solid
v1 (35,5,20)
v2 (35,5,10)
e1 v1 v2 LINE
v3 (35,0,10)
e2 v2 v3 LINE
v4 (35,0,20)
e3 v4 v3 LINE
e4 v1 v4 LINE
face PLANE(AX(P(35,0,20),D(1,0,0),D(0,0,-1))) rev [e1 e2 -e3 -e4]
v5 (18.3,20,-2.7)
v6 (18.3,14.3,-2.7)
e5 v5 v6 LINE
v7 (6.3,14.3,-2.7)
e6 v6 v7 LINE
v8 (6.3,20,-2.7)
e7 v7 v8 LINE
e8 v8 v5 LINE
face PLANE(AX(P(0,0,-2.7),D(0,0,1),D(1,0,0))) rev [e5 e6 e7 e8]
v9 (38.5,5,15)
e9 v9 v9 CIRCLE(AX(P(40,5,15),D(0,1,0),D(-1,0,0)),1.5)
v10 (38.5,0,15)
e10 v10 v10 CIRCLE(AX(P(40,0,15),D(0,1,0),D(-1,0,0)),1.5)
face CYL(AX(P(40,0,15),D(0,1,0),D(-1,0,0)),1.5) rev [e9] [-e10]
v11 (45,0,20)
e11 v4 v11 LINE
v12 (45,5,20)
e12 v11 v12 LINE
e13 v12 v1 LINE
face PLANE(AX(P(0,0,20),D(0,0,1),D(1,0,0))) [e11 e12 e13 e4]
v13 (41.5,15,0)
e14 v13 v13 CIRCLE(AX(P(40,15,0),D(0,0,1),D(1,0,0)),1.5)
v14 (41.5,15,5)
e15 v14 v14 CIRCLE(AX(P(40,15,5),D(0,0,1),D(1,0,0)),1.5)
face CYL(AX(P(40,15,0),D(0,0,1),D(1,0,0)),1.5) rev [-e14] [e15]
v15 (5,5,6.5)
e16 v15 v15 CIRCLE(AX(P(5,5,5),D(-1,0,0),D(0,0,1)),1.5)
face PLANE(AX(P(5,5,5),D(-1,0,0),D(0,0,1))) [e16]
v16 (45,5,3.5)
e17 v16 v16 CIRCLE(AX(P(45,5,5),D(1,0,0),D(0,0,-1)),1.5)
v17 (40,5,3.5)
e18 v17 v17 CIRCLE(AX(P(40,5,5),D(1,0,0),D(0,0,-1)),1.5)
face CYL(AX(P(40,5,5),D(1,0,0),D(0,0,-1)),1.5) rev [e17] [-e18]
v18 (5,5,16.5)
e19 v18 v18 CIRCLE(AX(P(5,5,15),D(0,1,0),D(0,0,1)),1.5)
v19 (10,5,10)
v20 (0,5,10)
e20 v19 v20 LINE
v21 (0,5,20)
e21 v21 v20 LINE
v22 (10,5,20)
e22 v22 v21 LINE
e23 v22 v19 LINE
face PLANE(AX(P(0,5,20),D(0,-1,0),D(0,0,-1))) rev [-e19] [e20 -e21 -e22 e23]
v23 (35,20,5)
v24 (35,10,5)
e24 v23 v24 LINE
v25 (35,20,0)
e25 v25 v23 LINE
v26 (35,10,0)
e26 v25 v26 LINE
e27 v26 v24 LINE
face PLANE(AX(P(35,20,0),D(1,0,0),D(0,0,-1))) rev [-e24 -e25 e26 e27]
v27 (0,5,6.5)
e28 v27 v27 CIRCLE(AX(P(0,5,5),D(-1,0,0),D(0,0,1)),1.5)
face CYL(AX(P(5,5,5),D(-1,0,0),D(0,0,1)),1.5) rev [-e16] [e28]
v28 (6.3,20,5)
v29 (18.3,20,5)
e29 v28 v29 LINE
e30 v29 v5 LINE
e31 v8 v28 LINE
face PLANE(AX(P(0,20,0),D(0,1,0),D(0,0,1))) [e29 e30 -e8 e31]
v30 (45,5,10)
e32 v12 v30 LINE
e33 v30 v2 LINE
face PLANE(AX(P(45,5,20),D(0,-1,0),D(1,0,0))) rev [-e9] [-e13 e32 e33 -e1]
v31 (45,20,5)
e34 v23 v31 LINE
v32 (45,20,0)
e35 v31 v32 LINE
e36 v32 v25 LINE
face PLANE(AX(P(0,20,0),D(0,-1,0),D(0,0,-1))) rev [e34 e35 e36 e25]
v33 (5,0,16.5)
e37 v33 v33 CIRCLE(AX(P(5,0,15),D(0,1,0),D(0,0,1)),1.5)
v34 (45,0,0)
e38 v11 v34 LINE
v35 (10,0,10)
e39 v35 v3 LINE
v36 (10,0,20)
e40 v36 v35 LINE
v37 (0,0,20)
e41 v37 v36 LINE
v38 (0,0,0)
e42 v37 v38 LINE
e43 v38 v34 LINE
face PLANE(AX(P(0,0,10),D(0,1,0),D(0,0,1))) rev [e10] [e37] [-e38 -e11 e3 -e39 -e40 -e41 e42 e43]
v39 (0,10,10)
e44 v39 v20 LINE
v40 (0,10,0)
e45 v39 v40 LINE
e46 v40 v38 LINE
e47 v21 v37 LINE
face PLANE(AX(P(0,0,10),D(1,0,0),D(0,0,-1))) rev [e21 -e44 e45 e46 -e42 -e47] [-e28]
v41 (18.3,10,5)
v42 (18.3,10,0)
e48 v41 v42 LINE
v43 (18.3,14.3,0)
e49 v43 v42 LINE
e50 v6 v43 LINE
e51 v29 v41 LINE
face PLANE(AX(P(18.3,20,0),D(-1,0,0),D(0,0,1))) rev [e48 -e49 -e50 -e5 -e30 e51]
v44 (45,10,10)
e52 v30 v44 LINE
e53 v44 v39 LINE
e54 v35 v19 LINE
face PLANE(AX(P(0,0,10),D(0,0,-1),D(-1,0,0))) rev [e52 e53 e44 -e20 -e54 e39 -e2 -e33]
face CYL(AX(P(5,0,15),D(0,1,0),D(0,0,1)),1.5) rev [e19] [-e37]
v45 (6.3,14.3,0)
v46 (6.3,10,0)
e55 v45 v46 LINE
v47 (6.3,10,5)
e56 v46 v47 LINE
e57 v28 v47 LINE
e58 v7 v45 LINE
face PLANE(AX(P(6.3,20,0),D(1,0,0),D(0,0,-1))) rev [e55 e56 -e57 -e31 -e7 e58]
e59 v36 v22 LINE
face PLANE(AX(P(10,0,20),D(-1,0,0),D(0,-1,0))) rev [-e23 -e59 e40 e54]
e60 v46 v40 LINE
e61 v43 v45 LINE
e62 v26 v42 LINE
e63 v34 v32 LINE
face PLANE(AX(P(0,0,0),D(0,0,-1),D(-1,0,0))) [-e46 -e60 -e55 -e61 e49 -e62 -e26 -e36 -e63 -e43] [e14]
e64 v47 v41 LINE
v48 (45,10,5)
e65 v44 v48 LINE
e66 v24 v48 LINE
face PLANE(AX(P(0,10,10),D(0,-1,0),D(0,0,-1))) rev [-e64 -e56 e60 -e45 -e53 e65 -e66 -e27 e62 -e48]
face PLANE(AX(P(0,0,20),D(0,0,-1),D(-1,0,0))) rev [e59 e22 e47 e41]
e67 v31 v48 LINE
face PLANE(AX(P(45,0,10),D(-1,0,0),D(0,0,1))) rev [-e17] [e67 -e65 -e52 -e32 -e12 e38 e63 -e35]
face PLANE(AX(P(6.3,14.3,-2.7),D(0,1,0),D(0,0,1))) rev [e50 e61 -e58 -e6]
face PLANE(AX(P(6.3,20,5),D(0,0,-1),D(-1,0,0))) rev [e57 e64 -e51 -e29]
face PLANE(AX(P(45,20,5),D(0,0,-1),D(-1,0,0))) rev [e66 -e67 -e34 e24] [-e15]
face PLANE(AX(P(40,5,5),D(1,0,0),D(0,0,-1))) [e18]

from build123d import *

# Parameters (mm, degrees)
SKETCH1_W           = 45
SKETCH1_H           = 10
BOSS_EXTRUDE1_DEPTH = 10
SKETCH2_W           = 10
SKETCH2_H           = 5
SKETCH2_W_2         = 12
BOSS_EXTRUDE2_DEPTH = 10
SKETCH3_W           = 10
SKETCH3_H           = 5
BOSS_EXTRUDE3_DEPTH = 10
SKETCH4_R           = 1.5
CUT_EXTRUDE1_DEPTH  = 5
SKETCH6_R           = 1.5
CUT_EXTRUDE3_DEPTH  = 5
CUT_EXTRUDE4_START  = -5
SKETCH7_R           = 1.5
CUT_EXTRUDE4_DEPTH  = 5
SKETCH9_R           = 1.5
CUT_EXTRUDE6_DEPTH  = 5
SKETCH10_R          = 1.5
CUT_EXTRUDE7_DEPTH  = 5
SKETCH11_W          = 12
SKETCH11_H          = 5.7
BOSS_EXTRUDE4_DEPTH = 2.7


with BuildPart() as part:
    # Sketch1 → Boss-Extrude1 (new body)
    with BuildSketch(Plane.XY):
        with Locations((22.5, 5)):
            Rectangle(SKETCH1_W, SKETCH1_H)
    extrude(amount=BOSS_EXTRUDE1_DEPTH)

    # Sketch2 → Boss-Extrude2 (add)
    with BuildSketch(Plane(origin=(0, 10, 0), x_dir=(1, 0, 0), z_dir=(0, 1, 0))):
        with Locations((40, -2.5)):
            Rectangle(SKETCH2_W, SKETCH2_H)
        with Locations((12.3, -2.5)):
            Rectangle(SKETCH2_W_2, SKETCH2_H)
    extrude(amount=BOSS_EXTRUDE2_DEPTH)

    # Sketch3 → Boss-Extrude3 (add)
    with BuildSketch(Plane.XY.offset(10)):
        with Locations((5, 2.5)):
            Rectangle(SKETCH3_W, SKETCH3_H)
        with Locations((40, 2.5)):
            Rectangle(SKETCH3_W, SKETCH3_H)
    extrude(amount=BOSS_EXTRUDE3_DEPTH)

    # Sketch4 → Cut-Extrude1 (cut)
    with BuildSketch(Plane.ZY):
        with Locations((5, 5)):
            Circle(SKETCH4_R)
    extrude(amount=-CUT_EXTRUDE1_DEPTH, mode=Mode.SUBTRACT)

    # Sketch6 → Cut-Extrude3 (cut)
    with BuildSketch(Plane(origin=(0, 5, 0), x_dir=(1, 0, 0), z_dir=(0, 1, 0))):
        with Locations(Location((5, -15, 0), (0, 0, 270))):
            Circle(SKETCH6_R)
    extrude(amount=-CUT_EXTRUDE3_DEPTH, mode=Mode.SUBTRACT)

    # Sketch7 → Cut-Extrude4 (cut)
    with BuildSketch(Plane(origin=(45, 0, 0), x_dir=(0, 0, -1), z_dir=(1, 0, 0)).offset(CUT_EXTRUDE4_START)):
        with Locations(Location((-5, 5, 0), (0, 0, 180))):
            Circle(SKETCH7_R)
    extrude(amount=CUT_EXTRUDE4_DEPTH, mode=Mode.SUBTRACT)

    # Sketch9 → Cut-Extrude6 (cut)
    with BuildSketch(Plane(origin=(0, 5, 0), x_dir=(1, 0, 0), z_dir=(0, 1, 0))):
        with Locations(Location((40, -15, 0), (0, 0, 180))):
            Circle(SKETCH9_R)
    extrude(amount=-CUT_EXTRUDE6_DEPTH, mode=Mode.SUBTRACT)

    # Sketch10 → Cut-Extrude7 (cut)
    with BuildSketch(Plane.XY.offset(5)):
        with Locations((40, 15)):
            Circle(SKETCH10_R)
    extrude(amount=-CUT_EXTRUDE7_DEPTH, mode=Mode.SUBTRACT)

    # Sketch11 → Boss-Extrude4 (add)
    with BuildSketch(Plane(origin=(0, 0, 0), x_dir=(-1, 0, 0), z_dir=(0, 0, -1))):
        with Locations((-12.3, 17.15)):
            Rectangle(SKETCH11_W, SKETCH11_H)
    extrude(amount=BOSS_EXTRUDE4_DEPTH)


solid = part.part
